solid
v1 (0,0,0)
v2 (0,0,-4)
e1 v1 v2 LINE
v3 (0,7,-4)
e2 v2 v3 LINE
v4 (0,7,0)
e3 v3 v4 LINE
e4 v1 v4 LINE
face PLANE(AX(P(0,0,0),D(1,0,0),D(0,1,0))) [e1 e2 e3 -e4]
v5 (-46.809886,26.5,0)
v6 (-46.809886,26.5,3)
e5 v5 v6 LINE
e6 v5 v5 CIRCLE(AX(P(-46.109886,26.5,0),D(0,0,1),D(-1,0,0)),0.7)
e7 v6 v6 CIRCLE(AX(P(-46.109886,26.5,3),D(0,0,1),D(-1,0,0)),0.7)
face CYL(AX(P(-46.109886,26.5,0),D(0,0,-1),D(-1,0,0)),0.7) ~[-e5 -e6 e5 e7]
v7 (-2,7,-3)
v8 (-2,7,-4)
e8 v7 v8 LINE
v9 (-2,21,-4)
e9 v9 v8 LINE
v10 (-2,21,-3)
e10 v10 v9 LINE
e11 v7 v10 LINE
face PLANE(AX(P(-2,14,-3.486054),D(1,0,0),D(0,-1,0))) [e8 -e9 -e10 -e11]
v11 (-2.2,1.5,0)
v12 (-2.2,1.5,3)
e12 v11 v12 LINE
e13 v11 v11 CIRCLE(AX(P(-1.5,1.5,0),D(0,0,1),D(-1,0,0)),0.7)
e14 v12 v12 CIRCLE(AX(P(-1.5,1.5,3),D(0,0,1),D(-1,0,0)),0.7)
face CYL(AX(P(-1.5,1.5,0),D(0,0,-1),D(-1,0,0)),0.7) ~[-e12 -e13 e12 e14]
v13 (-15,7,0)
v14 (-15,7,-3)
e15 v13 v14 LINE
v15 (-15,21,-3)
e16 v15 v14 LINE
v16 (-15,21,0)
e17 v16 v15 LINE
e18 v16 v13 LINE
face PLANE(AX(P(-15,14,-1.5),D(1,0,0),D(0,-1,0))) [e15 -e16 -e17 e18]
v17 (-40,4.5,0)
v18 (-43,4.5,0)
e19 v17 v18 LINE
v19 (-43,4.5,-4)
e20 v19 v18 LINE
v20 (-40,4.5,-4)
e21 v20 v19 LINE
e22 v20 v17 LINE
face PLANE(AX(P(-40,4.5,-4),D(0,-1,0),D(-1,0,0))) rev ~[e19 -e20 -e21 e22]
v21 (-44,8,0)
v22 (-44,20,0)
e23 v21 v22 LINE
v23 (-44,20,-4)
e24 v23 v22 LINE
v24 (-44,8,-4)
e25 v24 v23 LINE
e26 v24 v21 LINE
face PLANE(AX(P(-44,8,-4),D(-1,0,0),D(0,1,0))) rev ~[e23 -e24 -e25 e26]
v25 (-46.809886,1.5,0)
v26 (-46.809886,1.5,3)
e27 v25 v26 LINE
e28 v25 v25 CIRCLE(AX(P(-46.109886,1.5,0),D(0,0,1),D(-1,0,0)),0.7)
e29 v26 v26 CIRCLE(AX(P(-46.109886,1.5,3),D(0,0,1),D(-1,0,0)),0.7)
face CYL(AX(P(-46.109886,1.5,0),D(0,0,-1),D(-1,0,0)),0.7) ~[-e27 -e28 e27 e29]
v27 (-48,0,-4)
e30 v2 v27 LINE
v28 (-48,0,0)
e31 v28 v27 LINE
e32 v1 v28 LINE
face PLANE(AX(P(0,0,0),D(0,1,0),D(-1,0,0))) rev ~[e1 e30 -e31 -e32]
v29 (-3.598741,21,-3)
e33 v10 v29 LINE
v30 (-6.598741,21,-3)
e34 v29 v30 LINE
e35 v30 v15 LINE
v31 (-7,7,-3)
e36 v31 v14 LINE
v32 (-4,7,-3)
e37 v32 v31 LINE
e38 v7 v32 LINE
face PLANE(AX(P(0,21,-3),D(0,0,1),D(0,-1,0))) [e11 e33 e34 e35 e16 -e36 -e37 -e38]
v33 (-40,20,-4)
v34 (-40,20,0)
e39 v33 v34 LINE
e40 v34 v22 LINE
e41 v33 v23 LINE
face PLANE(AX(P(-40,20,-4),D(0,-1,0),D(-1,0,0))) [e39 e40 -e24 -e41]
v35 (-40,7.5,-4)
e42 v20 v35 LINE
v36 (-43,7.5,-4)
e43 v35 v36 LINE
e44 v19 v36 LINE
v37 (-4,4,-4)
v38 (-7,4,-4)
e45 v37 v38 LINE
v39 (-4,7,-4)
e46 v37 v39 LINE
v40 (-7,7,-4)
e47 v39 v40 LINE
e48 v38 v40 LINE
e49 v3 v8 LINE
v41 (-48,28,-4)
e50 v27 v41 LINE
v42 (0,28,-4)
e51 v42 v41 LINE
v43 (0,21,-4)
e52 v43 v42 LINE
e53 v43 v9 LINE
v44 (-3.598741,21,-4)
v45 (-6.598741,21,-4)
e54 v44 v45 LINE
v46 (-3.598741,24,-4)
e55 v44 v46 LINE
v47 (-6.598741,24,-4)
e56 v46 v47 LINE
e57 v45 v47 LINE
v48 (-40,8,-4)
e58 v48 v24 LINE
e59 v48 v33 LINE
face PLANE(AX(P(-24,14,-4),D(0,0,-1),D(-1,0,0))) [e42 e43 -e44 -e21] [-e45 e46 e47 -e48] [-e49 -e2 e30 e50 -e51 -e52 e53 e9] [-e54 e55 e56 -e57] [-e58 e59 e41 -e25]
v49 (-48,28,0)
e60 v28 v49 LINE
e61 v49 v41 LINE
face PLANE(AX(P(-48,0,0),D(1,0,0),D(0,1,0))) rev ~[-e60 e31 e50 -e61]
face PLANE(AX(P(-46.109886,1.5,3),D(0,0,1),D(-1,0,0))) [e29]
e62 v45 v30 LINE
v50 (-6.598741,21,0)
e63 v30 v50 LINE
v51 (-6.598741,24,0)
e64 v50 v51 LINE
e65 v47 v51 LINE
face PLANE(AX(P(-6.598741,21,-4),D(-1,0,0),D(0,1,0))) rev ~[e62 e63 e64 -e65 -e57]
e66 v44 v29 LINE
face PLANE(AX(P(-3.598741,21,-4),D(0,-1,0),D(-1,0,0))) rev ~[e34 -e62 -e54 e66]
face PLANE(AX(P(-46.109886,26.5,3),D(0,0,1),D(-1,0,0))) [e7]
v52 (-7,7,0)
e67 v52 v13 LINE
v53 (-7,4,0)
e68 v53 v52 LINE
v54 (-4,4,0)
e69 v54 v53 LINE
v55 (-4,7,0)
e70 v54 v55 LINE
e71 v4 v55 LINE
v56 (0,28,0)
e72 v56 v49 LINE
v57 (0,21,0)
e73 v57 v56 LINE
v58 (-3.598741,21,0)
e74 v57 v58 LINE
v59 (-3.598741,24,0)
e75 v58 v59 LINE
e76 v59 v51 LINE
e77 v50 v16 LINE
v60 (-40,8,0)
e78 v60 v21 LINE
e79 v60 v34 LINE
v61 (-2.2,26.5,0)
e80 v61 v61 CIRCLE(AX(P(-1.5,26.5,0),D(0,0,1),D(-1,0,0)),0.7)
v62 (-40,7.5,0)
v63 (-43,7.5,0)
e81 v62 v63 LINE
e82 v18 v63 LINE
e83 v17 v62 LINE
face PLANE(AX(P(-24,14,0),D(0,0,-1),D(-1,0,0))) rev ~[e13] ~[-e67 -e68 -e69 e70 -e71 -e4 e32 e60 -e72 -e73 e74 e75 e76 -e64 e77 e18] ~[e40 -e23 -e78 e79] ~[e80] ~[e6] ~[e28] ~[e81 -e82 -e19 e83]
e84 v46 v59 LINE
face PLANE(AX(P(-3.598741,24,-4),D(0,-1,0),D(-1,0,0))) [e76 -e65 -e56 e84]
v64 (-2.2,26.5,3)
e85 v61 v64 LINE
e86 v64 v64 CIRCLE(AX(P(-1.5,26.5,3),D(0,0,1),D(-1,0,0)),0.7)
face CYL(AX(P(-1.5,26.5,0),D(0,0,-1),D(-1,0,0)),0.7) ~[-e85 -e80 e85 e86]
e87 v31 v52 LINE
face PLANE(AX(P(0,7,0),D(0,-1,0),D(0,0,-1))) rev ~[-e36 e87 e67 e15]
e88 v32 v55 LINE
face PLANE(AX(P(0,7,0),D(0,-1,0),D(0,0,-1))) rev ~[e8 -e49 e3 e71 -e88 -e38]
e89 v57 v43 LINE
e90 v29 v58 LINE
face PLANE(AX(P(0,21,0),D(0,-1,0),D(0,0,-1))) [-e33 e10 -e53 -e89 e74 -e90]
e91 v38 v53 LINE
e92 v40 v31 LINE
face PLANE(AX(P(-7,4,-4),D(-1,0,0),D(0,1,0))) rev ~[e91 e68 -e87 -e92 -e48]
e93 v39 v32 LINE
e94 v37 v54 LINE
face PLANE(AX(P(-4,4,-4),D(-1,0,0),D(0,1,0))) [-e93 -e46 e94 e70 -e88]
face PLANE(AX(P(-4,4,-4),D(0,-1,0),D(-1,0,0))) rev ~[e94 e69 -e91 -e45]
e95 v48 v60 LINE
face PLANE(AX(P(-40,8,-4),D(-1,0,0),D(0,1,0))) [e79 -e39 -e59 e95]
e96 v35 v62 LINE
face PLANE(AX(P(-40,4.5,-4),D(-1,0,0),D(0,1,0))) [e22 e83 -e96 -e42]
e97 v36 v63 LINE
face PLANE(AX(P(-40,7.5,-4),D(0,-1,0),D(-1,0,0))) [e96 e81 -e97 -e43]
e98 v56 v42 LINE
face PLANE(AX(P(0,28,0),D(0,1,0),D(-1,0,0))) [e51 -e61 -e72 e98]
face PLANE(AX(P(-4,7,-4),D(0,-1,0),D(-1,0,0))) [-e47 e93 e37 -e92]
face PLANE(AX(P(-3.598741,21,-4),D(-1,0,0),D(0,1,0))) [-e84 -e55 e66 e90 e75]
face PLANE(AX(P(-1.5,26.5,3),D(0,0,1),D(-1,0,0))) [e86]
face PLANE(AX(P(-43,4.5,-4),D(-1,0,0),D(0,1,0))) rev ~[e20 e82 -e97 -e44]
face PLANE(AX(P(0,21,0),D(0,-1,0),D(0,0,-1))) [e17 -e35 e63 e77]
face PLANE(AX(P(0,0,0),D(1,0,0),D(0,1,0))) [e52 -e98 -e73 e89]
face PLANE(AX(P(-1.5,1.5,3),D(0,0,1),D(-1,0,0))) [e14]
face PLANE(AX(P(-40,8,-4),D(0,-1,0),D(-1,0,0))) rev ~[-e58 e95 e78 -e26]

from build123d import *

# Parameters (mm, degrees)
SKETCH_W               = 48
SKETCH_H               = 28
PAD_DEPTH              = 4
SKETCH001_W            = 14
SKETCH001_H            = 3
POCKET_DEPTH           = 15
SKETCH002_W            = 4
SKETCH002_H            = 12
SKETCH002_W_2          = 3
SKETCH002_H_2          = 3
POCKET001_DEPTH        = 4.001
SKETCH003_R            = 0.7
PAD001_DEPTH           = 3
FUSION_PLACEMENT_ANGLE = 180
SKETCH004_W            = 14
SKETCH004_H            = 1.055855
POCKET002_DEPTH        = 2


with BuildPart() as pocket001:
    # Sketch → Pad (new body)
    with BuildSketch(Plane.XY):
        with Locations((24, 14)):
            Rectangle(SKETCH_W, SKETCH_H)
    extrude(amount=PAD_DEPTH)

    # Sketch001 → Pocket (cut)
    with BuildSketch(Plane(origin=(0, 0, 0), x_dir=(0, -1, 0), z_dir=(-1, 0, 0))):
        with Locations((-14, 1.5)):
            Rectangle(SKETCH001_W, SKETCH001_H)
    extrude(amount=-POCKET_DEPTH, mode=Mode.SUBTRACT)

    # Sketch002 → Pocket001 (cut, through all)
    with BuildSketch(Plane.XY.offset(4)):
        with Locations((42, 14)):
            Rectangle(SKETCH002_W, SKETCH002_H)
        with Locations((41.5, 6)):
            Rectangle(SKETCH002_W_2, SKETCH002_H_2)
        with Locations((5.5, 5.5)):
            Rectangle(SKETCH002_W_2, SKETCH002_H_2)
        with Locations((5.098741, 22.5)):
            Rectangle(SKETCH002_W_2, SKETCH002_H_2)
    extrude(amount=-POCKET001_DEPTH, mode=Mode.SUBTRACT)


with BuildPart() as pocket002:
    # Pad001 base: copy of Pocket001
    add(pocket001.part)

    # Sketch003 → Pad001 (new body)
    with BuildSketch(Plane(origin=(0, 0, 0), x_dir=(1, 0, 0), z_dir=(0, 0, -1))):
        with Locations((1.5, -1.5)):
            Circle(SKETCH003_R)
        with Locations((1.5, -26.5)):
            Circle(SKETCH003_R)
        with Locations((46.109886, -26.5)):
            Circle(SKETCH003_R)
        with Locations((46.109886, -1.5)):
            Circle(SKETCH003_R)
    extrude(amount=PAD001_DEPTH)

    # Fusion: union Pocket001
    add(pocket001.part)


with BuildPart() as pocket002_1:
    # Fusion placement: moved
    add(pocket002.part.rotate(Axis((0, 0, 0), (0, 1, 0)), FUSION_PLACEMENT_ANGLE))

    # Sketch004 → Pocket002 (cut)
    with BuildSketch(Plane(origin=(0, 0, 0), x_dir=(0, -1, 0), z_dir=(1, 0, 0))):
        with Locations((-14, 3.486054)):
            Rectangle(SKETCH004_W, SKETCH004_H)
    extrude(amount=-POCKET002_DEPTH, mode=Mode.SUBTRACT)


solid = pocket002_1.part
